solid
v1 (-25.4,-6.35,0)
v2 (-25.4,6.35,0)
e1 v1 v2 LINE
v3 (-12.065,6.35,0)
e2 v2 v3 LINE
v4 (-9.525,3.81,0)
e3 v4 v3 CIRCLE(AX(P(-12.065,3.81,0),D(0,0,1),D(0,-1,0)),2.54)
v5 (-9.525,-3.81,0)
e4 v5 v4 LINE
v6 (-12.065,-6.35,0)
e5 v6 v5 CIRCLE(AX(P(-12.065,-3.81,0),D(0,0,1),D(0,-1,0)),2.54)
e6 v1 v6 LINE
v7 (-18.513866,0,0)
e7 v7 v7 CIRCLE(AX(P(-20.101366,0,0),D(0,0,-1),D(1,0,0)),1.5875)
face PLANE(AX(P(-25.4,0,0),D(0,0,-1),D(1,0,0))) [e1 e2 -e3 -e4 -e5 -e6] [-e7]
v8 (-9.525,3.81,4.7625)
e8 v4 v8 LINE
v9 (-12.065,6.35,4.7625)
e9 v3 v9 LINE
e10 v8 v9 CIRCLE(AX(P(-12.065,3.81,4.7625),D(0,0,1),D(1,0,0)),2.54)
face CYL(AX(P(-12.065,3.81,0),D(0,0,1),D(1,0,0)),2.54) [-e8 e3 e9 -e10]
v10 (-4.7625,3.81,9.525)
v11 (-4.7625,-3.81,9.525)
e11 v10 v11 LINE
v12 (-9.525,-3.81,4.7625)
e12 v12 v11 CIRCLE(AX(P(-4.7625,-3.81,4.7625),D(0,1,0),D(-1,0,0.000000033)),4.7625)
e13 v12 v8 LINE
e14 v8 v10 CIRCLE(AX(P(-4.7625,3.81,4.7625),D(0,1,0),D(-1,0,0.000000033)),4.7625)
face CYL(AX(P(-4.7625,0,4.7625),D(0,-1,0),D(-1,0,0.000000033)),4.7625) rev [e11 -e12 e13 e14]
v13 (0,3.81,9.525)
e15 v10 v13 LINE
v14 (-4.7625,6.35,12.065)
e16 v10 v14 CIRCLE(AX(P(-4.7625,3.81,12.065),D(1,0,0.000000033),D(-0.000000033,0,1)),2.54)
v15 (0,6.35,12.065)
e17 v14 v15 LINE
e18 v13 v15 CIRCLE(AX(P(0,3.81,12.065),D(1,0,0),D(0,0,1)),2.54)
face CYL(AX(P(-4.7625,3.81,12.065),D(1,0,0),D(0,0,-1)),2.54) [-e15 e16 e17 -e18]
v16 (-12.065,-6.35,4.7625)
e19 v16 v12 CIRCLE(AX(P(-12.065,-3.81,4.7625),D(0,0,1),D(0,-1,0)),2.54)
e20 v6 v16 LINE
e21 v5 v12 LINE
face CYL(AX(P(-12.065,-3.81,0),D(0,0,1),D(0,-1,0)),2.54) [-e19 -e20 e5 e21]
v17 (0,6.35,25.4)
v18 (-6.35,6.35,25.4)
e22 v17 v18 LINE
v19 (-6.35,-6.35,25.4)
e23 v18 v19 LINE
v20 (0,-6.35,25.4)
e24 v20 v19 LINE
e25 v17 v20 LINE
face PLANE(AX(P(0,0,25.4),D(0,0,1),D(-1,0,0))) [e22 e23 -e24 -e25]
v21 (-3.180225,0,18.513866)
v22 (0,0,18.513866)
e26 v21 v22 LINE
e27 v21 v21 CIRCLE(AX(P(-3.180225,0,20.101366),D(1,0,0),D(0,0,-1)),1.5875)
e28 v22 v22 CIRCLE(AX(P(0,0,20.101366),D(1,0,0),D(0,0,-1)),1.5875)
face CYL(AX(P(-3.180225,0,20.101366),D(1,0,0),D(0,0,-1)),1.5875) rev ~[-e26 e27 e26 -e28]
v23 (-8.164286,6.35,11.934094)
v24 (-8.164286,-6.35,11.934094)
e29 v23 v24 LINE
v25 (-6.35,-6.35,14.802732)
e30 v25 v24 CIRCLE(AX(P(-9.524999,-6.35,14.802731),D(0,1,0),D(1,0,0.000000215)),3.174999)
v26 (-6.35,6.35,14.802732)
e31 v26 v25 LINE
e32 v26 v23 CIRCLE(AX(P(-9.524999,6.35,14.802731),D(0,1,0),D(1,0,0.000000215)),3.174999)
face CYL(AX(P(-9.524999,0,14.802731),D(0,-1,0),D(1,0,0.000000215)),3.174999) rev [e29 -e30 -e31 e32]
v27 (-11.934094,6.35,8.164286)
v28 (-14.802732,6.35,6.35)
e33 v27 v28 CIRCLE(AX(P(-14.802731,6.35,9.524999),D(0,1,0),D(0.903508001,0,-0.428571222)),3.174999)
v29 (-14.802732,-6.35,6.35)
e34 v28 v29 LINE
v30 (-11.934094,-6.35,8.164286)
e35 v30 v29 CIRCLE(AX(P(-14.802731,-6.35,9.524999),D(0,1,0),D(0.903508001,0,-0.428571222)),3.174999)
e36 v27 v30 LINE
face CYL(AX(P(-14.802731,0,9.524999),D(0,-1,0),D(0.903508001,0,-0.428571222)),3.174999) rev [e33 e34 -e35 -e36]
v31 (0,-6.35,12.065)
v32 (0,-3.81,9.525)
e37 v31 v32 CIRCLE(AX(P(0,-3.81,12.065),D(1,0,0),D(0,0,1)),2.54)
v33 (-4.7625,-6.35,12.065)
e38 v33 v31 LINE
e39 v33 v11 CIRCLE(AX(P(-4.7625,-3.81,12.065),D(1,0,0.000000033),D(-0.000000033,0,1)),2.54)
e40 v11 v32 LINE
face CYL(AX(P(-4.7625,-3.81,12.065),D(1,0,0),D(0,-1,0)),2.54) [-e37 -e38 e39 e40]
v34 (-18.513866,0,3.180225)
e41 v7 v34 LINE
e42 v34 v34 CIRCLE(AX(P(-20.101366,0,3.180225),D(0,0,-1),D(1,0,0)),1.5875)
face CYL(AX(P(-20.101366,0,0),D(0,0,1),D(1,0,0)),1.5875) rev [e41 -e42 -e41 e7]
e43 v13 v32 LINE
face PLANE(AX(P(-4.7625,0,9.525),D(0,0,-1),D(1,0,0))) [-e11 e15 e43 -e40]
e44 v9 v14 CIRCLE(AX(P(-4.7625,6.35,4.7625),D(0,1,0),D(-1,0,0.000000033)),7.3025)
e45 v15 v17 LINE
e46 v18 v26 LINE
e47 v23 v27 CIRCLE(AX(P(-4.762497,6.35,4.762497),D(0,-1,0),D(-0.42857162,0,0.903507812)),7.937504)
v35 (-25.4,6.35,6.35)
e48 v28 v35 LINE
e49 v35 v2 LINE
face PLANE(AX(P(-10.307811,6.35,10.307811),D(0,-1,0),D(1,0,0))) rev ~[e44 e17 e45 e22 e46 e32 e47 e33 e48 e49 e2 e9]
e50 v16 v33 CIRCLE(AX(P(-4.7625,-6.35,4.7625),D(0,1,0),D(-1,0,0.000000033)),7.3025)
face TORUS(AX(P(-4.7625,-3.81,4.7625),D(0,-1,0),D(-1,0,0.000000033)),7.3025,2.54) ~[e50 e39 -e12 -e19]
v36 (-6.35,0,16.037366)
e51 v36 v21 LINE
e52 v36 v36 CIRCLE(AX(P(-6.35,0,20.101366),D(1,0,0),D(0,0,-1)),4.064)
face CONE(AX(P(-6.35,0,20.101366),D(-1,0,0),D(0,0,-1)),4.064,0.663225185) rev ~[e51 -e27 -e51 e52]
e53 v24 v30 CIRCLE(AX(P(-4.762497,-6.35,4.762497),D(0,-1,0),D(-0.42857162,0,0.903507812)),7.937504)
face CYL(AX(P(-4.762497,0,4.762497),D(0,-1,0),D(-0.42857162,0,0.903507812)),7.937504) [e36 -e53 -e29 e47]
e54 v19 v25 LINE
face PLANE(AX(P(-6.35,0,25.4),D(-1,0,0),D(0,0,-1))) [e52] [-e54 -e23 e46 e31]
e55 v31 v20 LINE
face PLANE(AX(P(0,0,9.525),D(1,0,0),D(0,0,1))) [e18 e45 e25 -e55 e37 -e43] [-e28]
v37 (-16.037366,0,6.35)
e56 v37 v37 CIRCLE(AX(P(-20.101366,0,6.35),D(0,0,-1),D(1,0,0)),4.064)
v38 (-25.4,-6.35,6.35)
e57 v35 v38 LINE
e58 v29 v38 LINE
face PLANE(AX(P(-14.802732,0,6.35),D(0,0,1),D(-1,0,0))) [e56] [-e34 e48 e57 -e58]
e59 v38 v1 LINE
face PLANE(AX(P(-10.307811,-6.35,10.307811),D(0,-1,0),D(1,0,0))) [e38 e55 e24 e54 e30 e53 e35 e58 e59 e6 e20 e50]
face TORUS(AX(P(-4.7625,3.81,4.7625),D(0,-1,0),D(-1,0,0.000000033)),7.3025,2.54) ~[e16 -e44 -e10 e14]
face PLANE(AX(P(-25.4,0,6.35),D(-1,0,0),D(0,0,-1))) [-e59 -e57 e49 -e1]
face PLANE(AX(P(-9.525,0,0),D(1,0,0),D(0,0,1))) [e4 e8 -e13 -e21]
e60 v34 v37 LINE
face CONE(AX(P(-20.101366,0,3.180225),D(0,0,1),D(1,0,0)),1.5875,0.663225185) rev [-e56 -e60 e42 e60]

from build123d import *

# Parameters (mm, degrees)
F1_DEPTH = 6.35
F2_R     = 2.54


with BuildPart() as f1:
    # F0 (on Front) → F1 (new body, symmetric)
    with BuildSketch(Plane.XZ):
        with BuildLine():
            ThreePointArc((-9.525, 4.7625), (-8.130096, 8.130096), (-4.7625, 9.525))
            Line((-4.7625, 9.525), (0, 9.525))
            Line((0, 9.525), (0, 25.4))
            Line((0, 25.4), (-6.35, 25.4))
            Line((-6.35, 25.4), (-6.35, 14.802732))
            ThreePointArc((-6.35, 14.802732), (-6.841635, 13.105623), (-8.164286, 11.934094))
            ThreePointArc((-8.164286, 11.934094), (-10.37516, 10.37516), (-11.934094, 8.164286))
            ThreePointArc((-11.934094, 8.164286), (-13.105623, 6.841635), (-14.802732, 6.35))
            Line((-14.802732, 6.35), (-25.4, 6.35))
            Line((-25.4, 6.35), (-25.4, 0))
            Line((-25.4, 0), (-9.525, 0))
            Line((-9.525, 0), (-9.525, 4.7625))
        make_face()
    extrude(amount=F1_DEPTH, both=True)

    # F2
    f2_edges = [f1.edges().sort_by_distance(p)[0] for p in [
        (-2.38125, -6.35, 9.525),
        (-8.130096, 6.35, 8.130096),
    ]]
    fillet(f2_edges, radius=F2_R)

    # F3 (on Front) → F4 (revolve, cut)
    with BuildSketch(Plane.XZ):
        Polygon((-20.101366, 0), (-18.513866, 0), (-18.513866, 3.180225), (-16.037366, 6.35), (-13.194864, 9.988236), (-20.101366, 9.988236), align=None)
    revolve(axis=Axis((-20.101366, 0, 3.175), (0, 0, -1)), mode=Mode.SUBTRACT)

    # F5 (on Front) → F6 (revolve, cut)
    with BuildSketch(Plane.XZ):
        Polygon((-9.988236, 13.194864), (-6.35, 16.037366), (-3.180225, 18.513866), (0, 18.513866), (0, 20.101366), (-9.988236, 20.101366), align=None)
    revolve(axis=Axis((-4.994118, 0, 20.101366), (1, 0, 0)), mode=Mode.SUBTRACT)


solid = f1.part
